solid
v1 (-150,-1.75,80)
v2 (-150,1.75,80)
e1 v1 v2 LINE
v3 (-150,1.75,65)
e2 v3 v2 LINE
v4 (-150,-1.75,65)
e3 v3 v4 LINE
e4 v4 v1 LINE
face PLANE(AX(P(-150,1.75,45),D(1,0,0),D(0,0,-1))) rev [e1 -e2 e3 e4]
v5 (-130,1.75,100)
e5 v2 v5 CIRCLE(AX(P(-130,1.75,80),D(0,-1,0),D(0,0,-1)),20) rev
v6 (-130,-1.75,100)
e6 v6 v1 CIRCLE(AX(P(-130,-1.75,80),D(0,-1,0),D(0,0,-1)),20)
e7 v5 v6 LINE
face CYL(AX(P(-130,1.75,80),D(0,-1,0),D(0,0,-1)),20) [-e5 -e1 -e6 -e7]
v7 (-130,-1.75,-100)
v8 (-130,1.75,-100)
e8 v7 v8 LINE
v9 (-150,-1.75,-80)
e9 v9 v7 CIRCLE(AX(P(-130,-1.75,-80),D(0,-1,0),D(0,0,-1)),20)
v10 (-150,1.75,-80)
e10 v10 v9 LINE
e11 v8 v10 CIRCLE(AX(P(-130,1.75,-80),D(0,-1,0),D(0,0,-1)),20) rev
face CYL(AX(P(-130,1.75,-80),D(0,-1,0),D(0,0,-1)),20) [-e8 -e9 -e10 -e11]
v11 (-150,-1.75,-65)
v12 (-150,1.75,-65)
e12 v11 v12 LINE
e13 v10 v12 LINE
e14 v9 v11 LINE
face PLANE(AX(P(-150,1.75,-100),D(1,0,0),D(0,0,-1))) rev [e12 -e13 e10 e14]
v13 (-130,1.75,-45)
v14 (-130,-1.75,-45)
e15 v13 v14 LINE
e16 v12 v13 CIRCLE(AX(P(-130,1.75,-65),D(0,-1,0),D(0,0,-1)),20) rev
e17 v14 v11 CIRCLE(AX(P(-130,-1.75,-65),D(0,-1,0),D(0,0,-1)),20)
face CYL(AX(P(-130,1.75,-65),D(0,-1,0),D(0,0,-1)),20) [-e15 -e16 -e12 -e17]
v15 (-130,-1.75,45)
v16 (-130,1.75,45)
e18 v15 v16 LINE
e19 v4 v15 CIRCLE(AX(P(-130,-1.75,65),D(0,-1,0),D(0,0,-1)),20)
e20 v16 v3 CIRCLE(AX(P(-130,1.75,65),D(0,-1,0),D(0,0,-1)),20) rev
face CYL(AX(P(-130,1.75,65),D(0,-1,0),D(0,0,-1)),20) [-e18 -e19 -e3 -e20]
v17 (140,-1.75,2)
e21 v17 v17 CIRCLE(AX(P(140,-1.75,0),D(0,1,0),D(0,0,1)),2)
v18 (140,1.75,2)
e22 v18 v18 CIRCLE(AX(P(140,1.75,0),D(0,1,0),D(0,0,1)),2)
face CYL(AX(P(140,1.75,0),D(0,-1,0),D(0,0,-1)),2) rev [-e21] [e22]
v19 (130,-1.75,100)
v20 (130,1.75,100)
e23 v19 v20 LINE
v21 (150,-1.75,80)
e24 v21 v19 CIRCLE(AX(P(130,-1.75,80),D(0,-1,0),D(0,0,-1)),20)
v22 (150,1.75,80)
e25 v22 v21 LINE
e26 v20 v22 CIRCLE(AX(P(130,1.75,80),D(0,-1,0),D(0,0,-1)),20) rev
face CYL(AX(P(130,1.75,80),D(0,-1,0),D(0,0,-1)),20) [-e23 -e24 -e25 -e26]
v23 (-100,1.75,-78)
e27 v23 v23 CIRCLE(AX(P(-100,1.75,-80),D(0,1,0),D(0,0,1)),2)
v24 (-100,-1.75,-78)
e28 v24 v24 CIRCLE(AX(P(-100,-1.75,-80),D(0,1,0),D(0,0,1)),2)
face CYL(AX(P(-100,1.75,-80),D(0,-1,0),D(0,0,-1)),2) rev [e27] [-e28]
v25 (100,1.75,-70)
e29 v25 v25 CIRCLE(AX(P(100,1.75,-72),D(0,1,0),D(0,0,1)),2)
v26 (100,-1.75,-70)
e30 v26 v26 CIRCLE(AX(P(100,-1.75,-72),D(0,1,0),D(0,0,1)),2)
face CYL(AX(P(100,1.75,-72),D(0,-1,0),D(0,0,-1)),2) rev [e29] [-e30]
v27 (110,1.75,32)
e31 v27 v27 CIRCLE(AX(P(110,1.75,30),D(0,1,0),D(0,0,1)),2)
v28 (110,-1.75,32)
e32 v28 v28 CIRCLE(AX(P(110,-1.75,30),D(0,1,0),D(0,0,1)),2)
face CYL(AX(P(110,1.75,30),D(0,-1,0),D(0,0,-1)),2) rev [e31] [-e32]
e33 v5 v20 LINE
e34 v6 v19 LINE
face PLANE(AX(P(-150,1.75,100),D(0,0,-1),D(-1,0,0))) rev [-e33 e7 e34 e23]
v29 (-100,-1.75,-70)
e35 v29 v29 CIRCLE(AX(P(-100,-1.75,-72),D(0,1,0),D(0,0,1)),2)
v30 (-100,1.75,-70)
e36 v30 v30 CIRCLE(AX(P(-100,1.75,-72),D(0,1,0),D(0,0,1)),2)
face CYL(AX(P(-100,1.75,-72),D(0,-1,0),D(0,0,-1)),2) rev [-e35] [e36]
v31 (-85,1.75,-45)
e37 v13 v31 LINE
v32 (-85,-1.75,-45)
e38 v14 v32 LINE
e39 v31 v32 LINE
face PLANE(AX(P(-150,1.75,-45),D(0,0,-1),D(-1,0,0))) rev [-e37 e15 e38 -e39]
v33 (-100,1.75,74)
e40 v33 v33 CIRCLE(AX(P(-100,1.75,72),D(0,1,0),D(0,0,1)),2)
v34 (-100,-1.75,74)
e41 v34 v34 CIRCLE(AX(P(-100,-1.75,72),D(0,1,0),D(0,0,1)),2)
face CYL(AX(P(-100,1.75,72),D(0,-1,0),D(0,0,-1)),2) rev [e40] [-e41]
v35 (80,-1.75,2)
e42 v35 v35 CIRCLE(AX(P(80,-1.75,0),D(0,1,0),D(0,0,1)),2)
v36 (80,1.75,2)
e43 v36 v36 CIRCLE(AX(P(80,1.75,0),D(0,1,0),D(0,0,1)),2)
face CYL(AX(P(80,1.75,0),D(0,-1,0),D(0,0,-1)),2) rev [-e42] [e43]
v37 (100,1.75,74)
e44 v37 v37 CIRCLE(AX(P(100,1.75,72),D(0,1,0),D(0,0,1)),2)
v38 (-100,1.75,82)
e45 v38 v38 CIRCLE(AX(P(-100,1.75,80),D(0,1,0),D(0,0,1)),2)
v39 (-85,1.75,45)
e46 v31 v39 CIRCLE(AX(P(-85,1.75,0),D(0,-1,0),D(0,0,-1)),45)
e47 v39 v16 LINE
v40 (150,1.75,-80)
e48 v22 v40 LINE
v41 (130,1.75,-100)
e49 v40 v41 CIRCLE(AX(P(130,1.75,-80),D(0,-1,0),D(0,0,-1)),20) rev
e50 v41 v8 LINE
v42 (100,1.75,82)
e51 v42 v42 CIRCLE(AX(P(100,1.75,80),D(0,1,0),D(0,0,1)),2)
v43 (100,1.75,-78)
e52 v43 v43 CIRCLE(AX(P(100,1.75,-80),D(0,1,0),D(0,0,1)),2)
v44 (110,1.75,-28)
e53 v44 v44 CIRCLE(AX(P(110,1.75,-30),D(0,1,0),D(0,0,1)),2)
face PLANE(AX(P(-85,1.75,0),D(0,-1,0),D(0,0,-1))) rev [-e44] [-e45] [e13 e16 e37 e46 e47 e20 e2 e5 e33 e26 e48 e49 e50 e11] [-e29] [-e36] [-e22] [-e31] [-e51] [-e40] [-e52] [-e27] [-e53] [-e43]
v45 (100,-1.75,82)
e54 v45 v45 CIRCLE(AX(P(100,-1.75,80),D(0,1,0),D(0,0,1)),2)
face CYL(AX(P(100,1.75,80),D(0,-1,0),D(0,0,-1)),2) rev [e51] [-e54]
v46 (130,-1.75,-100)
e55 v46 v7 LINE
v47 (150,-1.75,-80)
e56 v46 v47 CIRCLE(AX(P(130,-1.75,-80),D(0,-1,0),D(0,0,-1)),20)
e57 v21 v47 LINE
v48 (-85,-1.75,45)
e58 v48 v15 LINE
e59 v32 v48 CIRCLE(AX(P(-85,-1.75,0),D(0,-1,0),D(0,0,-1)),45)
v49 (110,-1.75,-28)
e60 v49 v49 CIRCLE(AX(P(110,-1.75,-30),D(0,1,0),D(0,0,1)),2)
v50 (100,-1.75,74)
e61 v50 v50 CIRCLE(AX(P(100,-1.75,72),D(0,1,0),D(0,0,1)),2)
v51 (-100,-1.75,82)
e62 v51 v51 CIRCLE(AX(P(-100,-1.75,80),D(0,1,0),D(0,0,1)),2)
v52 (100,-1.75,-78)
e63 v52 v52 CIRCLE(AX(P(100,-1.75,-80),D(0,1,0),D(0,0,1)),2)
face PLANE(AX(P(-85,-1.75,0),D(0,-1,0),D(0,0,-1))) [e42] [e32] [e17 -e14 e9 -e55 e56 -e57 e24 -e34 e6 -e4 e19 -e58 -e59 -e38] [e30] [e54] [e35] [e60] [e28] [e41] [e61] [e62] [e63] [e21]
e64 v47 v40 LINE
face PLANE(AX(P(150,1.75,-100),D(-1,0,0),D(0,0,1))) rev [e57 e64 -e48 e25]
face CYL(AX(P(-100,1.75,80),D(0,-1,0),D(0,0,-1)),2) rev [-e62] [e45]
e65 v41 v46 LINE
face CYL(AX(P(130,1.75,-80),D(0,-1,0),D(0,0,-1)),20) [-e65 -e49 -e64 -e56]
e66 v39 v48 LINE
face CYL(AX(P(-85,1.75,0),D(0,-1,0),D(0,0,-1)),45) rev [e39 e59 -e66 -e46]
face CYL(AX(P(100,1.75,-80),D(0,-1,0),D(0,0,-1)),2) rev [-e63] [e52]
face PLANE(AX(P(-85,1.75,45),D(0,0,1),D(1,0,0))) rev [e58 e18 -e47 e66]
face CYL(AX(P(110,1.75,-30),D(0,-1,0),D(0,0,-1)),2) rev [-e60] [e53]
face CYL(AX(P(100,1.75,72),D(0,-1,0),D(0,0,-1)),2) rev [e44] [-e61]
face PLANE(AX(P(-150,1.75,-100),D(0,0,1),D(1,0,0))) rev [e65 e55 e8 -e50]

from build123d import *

# Parameters (mm, degrees)
SKETCH1_R           = 2
BOSS_EXTRUDE1_DEPTH = 1.75
FILLET1_R           = 20


with BuildPart() as part:
    # Sketch1 → Boss-Extrude1 (new, symmetric)
    with BuildSketch(Plane(origin=(0, 0, 0), x_dir=(1, 0, 0), z_dir=(0, 1, 0))):
        with BuildLine():
            Line((-150, 100), (-150, 45))
            Line((-150, 45), (-85, 45))
            ThreePointArc((-85, 45), (-40, 0), (-85, -45))
            Line((-85, -45), (-150, -45))
            Line((-150, -45), (-150, -100))
            Line((-150, -100), (150, -100))
            Line((150, -100), (150, 100))
            Line((150, 100), (-150, 100))
        make_face()
        with Locations(Location((-100, 80, 0), (0, 0, 270))):
            Circle(SKETCH1_R, mode=Mode.SUBTRACT)
        with Locations(Location((100, 80, 0), (0, 0, 270))):
            Circle(SKETCH1_R, mode=Mode.SUBTRACT)
        with Locations(Location((100, -80, 0), (0, 0, 270))):
            Circle(SKETCH1_R, mode=Mode.SUBTRACT)
        with Locations(Location((-100, -80, 0), (0, 0, 270))):
            Circle(SKETCH1_R, mode=Mode.SUBTRACT)
        with Locations(Location((-100, 72, 0), (0, 0, 270))):
            Circle(SKETCH1_R, mode=Mode.SUBTRACT)
        with Locations(Location((100, 72, 0), (0, 0, 270))):
            Circle(SKETCH1_R, mode=Mode.SUBTRACT)
        with Locations(Location((100, -72, 0), (0, 0, 270))):
            Circle(SKETCH1_R, mode=Mode.SUBTRACT)
        with Locations(Location((-100, -72, 0), (0, 0, 270))):
            Circle(SKETCH1_R, mode=Mode.SUBTRACT)
        with Locations(Location((110, 30, 0), (0, 0, 270))):
            Circle(SKETCH1_R, mode=Mode.SUBTRACT)
        with Locations(Location((140, 0, 0), (0, 0, 270))):
            Circle(SKETCH1_R, mode=Mode.SUBTRACT)
        with Locations(Location((110, -30, 0), (0, 0, 270))):
            Circle(SKETCH1_R, mode=Mode.SUBTRACT)
        with Locations(Location((80, 0, 0), (0, 0, 270))):
            Circle(SKETCH1_R, mode=Mode.SUBTRACT)
    extrude(amount=BOSS_EXTRUDE1_DEPTH, both=True)

    # Fillet1
    fillet1_edges = [part.edges().sort_by_distance(p)[0] for p in [
        (150, 0, 100),
        (-150, 0, 100),
        (-150, 0, 45),
        (-150, 0, -45),
        (-150, 0, -100),
        (150, 0, -100),
    ]]
    fillet(fillet1_edges, radius=FILLET1_R)


solid = part.part
